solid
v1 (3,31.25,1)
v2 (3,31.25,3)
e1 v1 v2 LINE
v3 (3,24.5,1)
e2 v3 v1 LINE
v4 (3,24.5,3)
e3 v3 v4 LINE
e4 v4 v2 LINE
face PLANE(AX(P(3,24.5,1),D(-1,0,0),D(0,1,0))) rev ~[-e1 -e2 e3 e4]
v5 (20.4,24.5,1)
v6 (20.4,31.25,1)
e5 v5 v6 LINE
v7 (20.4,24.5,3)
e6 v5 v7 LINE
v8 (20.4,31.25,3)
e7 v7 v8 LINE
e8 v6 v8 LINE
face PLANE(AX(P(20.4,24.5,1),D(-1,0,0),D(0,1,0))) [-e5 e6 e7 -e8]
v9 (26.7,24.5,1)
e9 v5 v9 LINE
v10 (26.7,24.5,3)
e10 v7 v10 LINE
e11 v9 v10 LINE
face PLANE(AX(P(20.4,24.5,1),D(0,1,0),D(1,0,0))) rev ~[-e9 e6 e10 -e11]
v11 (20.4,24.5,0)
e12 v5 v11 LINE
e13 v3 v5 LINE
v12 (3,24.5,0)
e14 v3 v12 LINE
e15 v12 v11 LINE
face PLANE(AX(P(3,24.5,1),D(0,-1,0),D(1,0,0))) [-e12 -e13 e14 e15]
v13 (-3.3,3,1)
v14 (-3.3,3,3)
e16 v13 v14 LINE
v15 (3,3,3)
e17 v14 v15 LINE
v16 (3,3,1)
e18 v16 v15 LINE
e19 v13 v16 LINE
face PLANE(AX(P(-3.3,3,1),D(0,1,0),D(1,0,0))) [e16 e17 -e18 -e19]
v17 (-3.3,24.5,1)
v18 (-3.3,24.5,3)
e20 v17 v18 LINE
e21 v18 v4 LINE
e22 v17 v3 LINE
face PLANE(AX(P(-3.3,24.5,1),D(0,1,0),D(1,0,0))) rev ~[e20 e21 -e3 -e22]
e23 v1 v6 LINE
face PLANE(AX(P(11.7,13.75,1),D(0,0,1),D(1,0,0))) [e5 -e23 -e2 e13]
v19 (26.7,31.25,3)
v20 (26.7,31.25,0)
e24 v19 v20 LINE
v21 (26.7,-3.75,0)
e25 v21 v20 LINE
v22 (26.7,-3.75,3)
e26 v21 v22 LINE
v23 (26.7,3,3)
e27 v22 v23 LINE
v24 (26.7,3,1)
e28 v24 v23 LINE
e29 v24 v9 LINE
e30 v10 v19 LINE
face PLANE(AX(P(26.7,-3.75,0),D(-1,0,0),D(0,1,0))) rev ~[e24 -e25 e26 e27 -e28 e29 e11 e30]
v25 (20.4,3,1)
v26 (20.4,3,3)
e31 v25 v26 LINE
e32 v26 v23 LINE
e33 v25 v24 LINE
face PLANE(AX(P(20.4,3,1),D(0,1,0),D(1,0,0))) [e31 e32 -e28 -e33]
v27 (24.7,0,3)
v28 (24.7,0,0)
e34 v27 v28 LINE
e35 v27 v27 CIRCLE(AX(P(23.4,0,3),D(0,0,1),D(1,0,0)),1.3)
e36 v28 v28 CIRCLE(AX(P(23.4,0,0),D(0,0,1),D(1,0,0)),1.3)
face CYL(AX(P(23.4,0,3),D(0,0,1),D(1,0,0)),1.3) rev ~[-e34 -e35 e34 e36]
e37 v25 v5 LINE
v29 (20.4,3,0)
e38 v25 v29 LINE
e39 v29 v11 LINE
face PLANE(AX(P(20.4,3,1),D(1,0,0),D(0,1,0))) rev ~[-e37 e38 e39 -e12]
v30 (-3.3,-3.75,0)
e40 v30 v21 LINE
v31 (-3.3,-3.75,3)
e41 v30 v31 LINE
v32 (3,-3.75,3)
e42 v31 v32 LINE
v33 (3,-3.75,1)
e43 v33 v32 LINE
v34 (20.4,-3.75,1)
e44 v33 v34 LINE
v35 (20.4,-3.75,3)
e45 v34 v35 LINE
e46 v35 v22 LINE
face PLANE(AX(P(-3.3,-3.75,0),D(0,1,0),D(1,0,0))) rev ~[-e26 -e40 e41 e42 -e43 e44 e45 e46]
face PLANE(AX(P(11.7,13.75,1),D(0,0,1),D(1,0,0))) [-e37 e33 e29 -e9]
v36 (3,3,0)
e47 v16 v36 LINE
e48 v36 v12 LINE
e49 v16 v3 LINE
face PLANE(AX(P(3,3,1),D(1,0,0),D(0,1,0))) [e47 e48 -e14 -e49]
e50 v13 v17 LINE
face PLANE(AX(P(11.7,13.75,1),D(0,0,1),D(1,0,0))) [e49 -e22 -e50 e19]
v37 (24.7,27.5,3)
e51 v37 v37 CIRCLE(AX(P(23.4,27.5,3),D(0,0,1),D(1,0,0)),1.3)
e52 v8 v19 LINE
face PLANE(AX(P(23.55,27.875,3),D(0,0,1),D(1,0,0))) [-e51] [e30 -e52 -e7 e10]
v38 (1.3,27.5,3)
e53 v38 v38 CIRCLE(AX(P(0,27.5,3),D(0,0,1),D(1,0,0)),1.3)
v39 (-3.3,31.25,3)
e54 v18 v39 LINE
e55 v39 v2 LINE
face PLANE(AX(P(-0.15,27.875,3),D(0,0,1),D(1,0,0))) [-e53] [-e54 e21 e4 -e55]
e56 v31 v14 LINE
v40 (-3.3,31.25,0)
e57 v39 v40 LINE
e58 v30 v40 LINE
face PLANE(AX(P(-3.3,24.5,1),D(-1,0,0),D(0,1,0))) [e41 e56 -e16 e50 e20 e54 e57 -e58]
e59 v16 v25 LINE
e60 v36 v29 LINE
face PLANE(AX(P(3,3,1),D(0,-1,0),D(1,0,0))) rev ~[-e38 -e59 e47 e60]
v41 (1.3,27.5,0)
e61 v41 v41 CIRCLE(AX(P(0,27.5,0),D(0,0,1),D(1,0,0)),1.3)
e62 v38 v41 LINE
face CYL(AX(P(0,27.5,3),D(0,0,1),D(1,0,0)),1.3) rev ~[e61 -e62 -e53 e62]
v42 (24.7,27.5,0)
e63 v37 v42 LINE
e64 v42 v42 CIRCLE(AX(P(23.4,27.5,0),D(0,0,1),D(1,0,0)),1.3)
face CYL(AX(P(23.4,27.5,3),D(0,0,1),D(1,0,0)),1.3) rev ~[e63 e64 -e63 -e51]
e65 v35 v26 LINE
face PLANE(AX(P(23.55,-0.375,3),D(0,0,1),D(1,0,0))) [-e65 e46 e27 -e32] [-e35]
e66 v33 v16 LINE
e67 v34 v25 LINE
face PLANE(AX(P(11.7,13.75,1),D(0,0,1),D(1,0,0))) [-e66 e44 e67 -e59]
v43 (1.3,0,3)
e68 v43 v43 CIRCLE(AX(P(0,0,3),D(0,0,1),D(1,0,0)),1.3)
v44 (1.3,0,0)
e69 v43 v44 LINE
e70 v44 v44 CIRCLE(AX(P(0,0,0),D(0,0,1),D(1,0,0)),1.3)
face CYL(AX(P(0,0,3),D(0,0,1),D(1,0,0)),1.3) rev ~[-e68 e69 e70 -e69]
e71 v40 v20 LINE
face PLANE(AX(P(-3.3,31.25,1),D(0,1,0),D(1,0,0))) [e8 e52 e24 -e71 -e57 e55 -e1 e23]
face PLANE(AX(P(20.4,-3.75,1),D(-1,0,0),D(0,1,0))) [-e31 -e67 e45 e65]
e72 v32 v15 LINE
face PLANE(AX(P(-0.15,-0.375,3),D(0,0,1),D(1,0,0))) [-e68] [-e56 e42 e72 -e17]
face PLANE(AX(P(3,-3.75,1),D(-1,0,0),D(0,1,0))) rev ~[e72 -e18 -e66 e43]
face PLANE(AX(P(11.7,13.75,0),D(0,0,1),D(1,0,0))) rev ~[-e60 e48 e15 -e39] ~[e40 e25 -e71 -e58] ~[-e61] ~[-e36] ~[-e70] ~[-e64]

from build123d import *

# Parameters (mm, degrees)
F1_W     = 30
F1_H     = 35
F2_DEPTH = 1
F3_W     = 6.3
F3_H     = 6.75
F4_DEPTH = 2
F5_R     = 1.3
F6_DEPTH = 3.001
F7_W     = 17.4
F7_H     = 21.5
F8_DEPTH = 1.001


with BuildPart() as f2:
    # F1 (on Top) → F2 (new body)
    with BuildSketch(Plane.XY):
        with Locations((11.7, 13.75)):
            Rectangle(F1_W, F1_H)
    extrude(amount=F2_DEPTH)

    # F3 (on face) → F4 (join)
    with BuildSketch(Plane.XY.offset(1)):
        with Locations((-0.15, 27.875)):
            Rectangle(F3_W, F3_H)
        with Locations((23.55, 27.875)):
            Rectangle(F3_W, F3_H)
        with Locations((23.55, -0.375)):
            Rectangle(F3_W, F3_H)
        with Locations((-0.15, -0.375)):
            Rectangle(F3_W, F3_H)
    extrude(amount=F4_DEPTH)

    # F5 (on face) → F6 (cut, through all)
    with BuildSketch(Plane.XY.offset(3)):
        with Locations((0, 27.5)):
            Circle(F5_R)
        with Locations((23.4, 27.5)):
            Circle(F5_R)
        with Locations((23.4, 0)):
            Circle(F5_R)
        Circle(F5_R)
    extrude(amount=-F6_DEPTH, mode=Mode.SUBTRACT)

    # F7 (on face) → F8 (cut, through all)
    with BuildSketch(Plane.XY.offset(1)):
        with Locations((11.7, 13.75)):
            Rectangle(F7_W, F7_H)
    extrude(amount=-F8_DEPTH, mode=Mode.SUBTRACT)


solid = f2.part
